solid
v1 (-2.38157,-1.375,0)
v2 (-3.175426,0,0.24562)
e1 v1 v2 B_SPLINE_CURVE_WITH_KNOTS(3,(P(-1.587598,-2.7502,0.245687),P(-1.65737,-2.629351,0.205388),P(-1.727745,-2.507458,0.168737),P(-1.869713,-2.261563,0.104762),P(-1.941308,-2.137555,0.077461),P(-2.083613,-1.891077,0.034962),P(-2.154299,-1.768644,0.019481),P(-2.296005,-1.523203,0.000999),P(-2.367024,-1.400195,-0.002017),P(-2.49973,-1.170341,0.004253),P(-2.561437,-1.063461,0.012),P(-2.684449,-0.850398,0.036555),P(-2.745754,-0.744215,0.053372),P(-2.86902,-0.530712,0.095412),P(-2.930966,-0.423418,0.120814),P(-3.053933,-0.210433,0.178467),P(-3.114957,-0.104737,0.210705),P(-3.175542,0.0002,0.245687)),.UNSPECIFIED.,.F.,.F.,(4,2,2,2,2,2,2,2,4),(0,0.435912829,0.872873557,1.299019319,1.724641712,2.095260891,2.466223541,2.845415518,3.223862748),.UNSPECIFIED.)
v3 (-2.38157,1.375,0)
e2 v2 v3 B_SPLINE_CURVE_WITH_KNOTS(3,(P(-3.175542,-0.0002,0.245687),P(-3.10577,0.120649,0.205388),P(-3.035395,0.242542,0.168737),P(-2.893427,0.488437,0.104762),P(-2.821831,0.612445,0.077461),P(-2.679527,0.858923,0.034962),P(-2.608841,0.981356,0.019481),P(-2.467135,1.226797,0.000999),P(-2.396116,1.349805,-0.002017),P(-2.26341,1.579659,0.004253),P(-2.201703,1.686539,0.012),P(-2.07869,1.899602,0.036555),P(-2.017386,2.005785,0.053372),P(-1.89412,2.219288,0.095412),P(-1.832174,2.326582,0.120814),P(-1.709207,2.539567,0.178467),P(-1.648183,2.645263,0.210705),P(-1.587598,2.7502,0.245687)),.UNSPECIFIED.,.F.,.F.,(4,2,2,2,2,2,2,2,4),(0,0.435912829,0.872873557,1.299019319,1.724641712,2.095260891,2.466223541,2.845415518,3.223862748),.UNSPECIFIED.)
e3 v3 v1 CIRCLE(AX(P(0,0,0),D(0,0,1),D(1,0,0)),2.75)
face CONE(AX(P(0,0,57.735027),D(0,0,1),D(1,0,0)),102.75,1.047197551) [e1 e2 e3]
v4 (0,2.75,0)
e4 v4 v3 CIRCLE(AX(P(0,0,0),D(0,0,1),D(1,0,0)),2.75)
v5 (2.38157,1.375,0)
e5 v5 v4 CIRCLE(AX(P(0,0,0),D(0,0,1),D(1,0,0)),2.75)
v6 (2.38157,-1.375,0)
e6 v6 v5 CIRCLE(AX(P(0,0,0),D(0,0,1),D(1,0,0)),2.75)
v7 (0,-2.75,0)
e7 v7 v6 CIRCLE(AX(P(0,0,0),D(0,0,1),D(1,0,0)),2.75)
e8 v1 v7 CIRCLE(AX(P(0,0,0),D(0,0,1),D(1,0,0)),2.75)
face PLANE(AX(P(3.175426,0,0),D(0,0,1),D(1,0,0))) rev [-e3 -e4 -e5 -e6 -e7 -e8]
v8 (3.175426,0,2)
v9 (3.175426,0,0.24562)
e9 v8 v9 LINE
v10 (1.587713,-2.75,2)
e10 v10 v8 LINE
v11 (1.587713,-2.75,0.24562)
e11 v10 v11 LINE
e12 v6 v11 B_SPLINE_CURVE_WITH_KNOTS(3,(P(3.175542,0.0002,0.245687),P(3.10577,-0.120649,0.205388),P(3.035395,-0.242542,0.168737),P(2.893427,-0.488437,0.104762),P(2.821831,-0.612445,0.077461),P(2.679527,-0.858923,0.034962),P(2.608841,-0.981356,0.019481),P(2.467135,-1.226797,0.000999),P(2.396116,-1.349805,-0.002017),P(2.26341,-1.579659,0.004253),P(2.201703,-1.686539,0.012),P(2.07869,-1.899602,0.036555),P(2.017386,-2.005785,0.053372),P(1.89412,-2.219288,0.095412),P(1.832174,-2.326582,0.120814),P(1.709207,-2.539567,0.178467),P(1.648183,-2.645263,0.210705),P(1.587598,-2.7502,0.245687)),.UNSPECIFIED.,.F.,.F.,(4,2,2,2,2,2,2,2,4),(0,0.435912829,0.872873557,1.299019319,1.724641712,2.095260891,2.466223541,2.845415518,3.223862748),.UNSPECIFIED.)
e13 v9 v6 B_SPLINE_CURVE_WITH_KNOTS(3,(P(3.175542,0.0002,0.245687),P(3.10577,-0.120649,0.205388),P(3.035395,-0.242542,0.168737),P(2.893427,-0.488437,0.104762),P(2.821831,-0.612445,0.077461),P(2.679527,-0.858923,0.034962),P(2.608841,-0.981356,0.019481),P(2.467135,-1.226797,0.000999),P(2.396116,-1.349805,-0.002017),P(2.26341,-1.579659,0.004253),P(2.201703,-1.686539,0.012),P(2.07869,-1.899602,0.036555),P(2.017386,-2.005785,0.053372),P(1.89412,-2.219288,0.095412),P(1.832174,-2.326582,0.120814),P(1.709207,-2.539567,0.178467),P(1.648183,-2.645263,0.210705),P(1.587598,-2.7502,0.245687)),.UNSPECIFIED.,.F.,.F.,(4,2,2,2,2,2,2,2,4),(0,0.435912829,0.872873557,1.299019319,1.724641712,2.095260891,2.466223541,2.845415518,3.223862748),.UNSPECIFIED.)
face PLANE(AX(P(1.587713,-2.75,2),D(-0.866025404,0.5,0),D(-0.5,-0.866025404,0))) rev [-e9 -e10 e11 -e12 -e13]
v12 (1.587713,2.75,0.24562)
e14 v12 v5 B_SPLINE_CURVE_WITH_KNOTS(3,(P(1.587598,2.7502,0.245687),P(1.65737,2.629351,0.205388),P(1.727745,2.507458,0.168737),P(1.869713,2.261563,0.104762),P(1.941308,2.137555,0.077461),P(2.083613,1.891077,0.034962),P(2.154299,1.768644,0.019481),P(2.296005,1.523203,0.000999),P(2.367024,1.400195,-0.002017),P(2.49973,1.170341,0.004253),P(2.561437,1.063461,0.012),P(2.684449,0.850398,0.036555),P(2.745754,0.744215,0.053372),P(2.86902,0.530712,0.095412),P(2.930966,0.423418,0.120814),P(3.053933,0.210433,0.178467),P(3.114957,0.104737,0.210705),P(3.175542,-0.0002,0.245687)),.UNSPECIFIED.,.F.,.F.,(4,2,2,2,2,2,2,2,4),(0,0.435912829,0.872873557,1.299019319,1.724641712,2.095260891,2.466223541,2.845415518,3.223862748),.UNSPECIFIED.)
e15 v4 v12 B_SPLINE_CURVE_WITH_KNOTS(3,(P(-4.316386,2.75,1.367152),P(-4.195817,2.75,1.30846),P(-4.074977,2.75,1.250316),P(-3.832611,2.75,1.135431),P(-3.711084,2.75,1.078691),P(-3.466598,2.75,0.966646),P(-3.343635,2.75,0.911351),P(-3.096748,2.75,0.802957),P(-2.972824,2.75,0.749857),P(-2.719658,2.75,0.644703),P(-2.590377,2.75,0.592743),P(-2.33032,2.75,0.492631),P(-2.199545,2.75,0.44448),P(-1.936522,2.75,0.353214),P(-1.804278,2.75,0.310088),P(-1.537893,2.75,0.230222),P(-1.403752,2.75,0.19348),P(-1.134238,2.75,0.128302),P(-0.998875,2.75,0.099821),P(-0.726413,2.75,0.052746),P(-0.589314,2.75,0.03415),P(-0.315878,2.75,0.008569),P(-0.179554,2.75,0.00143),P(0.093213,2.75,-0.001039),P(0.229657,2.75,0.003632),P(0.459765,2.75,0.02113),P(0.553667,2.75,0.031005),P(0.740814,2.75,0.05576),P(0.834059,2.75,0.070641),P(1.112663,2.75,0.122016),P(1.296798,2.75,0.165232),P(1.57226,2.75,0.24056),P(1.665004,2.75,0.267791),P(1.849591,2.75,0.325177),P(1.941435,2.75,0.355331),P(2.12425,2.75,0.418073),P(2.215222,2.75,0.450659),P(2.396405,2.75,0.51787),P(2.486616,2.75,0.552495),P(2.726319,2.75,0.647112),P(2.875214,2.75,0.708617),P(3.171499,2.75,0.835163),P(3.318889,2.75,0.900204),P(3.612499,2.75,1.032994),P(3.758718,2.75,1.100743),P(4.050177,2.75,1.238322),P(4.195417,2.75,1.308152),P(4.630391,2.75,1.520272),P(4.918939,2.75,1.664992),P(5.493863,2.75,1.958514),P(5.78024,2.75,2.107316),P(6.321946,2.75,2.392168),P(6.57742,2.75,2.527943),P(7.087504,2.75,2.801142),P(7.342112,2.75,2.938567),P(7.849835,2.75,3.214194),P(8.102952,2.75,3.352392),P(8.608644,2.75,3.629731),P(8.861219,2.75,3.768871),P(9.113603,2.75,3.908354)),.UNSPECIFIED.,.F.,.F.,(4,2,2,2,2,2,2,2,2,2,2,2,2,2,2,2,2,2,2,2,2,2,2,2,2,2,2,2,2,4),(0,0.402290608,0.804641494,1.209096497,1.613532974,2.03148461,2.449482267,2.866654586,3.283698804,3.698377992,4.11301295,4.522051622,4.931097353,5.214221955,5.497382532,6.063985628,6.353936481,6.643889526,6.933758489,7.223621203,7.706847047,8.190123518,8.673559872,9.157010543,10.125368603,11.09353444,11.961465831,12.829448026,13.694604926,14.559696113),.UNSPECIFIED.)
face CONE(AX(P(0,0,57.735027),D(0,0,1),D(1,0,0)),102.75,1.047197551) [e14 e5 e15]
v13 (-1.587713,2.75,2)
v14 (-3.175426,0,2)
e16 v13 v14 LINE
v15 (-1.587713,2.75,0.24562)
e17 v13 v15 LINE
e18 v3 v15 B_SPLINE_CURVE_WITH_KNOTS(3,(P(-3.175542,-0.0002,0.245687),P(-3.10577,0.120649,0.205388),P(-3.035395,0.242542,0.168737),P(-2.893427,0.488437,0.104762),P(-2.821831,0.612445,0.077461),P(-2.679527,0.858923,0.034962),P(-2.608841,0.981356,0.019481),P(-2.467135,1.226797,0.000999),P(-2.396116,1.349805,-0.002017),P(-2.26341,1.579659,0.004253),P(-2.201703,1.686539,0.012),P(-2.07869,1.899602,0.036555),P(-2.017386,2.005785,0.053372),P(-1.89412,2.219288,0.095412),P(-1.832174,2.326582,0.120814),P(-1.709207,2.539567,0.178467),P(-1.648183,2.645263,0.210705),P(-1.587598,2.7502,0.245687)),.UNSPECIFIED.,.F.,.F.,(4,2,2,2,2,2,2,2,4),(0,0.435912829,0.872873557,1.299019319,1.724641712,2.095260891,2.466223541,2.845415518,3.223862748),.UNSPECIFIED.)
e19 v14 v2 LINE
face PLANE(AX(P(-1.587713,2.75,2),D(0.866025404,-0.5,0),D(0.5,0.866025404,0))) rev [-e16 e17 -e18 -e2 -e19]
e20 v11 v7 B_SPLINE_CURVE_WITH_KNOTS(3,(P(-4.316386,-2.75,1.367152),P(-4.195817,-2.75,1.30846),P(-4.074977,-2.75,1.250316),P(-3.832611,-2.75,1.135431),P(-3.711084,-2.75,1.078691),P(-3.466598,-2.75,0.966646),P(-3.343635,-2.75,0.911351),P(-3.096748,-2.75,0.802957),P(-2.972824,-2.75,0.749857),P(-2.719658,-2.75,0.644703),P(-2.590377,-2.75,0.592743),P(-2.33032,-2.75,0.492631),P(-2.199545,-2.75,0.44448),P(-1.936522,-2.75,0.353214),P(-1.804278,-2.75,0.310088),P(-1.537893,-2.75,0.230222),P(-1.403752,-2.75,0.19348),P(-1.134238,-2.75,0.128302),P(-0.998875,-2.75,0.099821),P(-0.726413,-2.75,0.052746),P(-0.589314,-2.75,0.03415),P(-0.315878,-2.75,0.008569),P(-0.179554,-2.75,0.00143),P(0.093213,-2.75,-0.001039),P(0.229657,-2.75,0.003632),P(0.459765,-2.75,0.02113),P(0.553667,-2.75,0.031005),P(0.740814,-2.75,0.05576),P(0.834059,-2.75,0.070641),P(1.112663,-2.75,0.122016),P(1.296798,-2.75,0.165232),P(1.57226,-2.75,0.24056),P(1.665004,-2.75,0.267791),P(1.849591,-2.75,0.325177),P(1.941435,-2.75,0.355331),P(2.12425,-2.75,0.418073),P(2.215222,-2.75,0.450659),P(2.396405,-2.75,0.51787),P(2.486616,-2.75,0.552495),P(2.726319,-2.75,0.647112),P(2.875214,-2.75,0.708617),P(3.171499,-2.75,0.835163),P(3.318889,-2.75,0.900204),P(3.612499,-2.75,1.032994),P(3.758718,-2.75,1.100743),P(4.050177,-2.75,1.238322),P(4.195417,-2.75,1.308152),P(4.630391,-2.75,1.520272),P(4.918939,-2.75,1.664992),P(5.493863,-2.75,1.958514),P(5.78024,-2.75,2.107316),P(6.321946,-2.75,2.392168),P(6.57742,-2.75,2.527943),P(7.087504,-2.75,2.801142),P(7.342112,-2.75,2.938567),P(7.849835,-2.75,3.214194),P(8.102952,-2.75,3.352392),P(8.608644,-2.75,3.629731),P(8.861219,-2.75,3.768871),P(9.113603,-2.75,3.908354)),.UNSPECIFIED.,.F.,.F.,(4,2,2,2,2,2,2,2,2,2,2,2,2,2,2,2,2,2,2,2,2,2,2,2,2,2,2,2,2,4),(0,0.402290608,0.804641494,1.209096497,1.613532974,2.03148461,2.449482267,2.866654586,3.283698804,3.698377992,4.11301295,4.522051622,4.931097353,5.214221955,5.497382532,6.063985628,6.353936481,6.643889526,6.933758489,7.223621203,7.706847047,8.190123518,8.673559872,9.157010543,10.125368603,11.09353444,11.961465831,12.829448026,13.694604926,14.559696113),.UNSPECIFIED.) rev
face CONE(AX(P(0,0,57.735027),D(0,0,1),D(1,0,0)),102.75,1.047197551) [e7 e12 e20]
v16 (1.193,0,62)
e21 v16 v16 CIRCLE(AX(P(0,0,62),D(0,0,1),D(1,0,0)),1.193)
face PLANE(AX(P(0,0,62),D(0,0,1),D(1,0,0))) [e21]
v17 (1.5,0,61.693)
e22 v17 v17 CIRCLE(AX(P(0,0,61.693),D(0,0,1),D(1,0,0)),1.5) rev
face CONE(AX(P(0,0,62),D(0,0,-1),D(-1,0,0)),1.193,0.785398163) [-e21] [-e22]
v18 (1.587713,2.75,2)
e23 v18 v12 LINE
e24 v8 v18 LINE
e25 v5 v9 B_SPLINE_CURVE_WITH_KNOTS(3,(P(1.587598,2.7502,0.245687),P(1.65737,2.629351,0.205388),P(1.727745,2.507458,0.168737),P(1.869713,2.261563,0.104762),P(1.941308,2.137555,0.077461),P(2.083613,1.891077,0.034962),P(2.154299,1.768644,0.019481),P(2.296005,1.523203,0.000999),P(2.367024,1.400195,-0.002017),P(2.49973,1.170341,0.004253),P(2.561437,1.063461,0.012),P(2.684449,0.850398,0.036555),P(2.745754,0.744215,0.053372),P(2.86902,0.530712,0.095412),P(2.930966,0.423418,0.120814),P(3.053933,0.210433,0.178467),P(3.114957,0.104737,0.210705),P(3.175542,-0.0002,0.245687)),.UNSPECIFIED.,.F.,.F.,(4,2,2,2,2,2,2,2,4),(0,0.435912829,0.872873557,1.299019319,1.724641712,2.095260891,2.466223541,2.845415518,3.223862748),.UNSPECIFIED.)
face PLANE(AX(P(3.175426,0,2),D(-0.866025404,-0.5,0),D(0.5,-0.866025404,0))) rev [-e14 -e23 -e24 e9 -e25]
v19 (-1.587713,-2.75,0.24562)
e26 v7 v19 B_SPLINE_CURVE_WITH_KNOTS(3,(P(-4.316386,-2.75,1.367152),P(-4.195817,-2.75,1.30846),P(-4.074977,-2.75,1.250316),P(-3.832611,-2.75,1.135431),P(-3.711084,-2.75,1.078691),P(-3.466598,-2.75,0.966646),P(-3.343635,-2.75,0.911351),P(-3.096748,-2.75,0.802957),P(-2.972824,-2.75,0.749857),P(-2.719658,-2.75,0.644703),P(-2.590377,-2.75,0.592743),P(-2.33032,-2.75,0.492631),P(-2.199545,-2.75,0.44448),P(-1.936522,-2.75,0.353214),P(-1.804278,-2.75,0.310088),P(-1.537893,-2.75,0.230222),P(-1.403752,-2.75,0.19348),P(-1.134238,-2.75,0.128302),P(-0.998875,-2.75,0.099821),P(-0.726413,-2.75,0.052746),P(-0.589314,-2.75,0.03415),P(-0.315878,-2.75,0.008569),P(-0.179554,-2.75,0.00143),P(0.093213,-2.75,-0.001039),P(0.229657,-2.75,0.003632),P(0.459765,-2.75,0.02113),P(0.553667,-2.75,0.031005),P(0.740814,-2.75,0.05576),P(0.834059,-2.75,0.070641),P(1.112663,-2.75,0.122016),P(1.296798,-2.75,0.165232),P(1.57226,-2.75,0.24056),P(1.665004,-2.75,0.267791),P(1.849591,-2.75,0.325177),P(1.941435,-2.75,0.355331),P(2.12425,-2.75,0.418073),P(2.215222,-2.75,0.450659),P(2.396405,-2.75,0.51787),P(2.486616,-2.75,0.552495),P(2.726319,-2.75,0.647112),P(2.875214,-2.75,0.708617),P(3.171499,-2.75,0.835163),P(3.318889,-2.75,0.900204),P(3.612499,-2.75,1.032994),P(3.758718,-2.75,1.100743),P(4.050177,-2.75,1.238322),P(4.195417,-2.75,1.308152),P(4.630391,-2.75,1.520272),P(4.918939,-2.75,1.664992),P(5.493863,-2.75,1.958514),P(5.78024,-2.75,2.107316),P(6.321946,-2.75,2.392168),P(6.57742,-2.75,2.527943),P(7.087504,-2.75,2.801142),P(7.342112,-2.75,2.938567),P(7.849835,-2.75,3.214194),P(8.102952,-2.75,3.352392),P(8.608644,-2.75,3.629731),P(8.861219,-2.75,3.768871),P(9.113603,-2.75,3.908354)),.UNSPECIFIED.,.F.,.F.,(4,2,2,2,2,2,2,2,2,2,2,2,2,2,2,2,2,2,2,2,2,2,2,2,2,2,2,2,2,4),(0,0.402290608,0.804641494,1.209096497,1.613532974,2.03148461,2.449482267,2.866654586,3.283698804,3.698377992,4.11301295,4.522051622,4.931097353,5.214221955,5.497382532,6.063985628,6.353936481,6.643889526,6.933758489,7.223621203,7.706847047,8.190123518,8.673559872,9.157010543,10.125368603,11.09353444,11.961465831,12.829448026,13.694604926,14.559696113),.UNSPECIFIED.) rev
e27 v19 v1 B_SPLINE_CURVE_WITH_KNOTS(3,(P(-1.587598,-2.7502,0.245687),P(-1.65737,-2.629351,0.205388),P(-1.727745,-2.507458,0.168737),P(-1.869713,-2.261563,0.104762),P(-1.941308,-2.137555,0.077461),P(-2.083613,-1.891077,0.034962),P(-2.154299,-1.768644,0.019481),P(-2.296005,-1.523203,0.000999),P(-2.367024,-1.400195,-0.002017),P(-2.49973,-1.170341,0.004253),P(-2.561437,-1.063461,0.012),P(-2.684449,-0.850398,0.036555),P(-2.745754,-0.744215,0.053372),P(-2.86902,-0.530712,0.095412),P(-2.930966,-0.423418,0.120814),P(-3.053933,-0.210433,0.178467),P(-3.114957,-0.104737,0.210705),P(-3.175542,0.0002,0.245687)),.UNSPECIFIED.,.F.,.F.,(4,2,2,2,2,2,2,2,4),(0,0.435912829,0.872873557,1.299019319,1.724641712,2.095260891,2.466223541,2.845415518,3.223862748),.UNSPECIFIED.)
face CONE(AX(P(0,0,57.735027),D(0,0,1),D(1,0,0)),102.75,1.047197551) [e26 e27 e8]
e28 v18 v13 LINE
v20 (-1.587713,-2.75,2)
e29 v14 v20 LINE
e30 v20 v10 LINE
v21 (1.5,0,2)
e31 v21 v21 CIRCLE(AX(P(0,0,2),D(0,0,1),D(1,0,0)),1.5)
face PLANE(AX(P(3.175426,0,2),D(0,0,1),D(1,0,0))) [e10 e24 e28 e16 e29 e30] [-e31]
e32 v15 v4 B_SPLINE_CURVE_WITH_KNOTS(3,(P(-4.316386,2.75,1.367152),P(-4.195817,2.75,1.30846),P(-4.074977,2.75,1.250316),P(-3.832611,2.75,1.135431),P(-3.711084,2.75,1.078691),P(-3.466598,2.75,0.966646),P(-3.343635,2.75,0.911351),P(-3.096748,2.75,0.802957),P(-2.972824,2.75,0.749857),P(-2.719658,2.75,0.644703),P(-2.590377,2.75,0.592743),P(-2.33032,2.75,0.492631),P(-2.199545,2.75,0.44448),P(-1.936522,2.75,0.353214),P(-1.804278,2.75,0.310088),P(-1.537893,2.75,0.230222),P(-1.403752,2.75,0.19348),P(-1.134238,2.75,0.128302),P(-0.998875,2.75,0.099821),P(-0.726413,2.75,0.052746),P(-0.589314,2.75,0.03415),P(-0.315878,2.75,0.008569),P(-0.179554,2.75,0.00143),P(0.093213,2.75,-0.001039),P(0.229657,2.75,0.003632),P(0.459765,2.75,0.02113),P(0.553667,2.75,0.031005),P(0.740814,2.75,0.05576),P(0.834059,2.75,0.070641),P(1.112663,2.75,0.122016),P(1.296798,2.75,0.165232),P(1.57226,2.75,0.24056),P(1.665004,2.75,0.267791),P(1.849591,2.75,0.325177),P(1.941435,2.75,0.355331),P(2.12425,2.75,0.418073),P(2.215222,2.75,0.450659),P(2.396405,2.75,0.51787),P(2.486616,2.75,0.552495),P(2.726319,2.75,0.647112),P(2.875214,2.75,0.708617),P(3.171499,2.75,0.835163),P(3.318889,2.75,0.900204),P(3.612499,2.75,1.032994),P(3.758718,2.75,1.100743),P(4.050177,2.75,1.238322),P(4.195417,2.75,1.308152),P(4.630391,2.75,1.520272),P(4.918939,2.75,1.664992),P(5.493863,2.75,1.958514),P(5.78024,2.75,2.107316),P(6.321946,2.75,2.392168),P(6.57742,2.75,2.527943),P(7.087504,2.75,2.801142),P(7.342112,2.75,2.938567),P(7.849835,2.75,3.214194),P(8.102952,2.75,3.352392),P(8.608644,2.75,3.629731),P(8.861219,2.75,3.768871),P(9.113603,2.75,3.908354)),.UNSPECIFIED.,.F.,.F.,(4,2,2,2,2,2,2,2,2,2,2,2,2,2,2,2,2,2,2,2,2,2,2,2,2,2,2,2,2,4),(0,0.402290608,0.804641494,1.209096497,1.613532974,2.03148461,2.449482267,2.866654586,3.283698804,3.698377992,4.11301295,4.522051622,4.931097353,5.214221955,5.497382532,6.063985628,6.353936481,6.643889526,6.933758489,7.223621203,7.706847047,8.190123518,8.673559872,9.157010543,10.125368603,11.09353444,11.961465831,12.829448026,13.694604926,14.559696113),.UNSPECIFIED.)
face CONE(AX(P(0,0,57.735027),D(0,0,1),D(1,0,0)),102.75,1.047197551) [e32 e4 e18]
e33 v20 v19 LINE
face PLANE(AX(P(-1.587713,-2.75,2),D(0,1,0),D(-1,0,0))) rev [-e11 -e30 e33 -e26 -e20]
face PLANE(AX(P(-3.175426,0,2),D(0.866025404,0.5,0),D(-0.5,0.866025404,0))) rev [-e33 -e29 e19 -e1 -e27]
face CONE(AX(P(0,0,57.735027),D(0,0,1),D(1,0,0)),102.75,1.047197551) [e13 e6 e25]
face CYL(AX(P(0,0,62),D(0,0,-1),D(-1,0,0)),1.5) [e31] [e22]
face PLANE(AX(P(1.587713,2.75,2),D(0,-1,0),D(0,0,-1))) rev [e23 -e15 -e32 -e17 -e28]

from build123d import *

# Parameters (mm, degrees)
EXTRUDE1_DEPTH = 2
SKETCH2_R      = 1.5
EXTRUDE2_DEPTH = 60
CHAMFER1_SIZE  = 0.307


with BuildPart() as part:
    # Sketch1 → Extrude1 (new body)
    with BuildSketch(Plane.XY):
        Polygon((3.175426481, 0), (1.58771324, 2.75), (-1.58771324, 2.75), (-3.175426481, 0), (-1.58771324, -2.75), (1.58771324, -2.75), align=None)
    extrude(amount=EXTRUDE1_DEPTH)

    # Sketch2 → Extrude2 (add)
    with BuildSketch(Plane.XY.offset(2)):
        Circle(SKETCH2_R)
    extrude(amount=EXTRUDE2_DEPTH)

    # Sketch3 → Cut-Revolve1 (revolve, cut)
    with BuildSketch(Plane(origin=(0, 0, 0), x_dir=(0, 0, -1), z_dir=(1, 0, 0))):
        Polygon((0, 2.75), (0, 102.75), (-57.735026919, 102.75), align=None)
    revolve(axis=Axis((0, 0, 0), (0, 0, -1)), mode=Mode.SUBTRACT)

    # Chamfer1
    chamfer1_edges = [part.edges().sort_by_distance(p)[0] for p in [
        (-1.5, 0, 62),
    ]]
    chamfer(chamfer1_edges, length=CHAMFER1_SIZE)


solid = part.part
